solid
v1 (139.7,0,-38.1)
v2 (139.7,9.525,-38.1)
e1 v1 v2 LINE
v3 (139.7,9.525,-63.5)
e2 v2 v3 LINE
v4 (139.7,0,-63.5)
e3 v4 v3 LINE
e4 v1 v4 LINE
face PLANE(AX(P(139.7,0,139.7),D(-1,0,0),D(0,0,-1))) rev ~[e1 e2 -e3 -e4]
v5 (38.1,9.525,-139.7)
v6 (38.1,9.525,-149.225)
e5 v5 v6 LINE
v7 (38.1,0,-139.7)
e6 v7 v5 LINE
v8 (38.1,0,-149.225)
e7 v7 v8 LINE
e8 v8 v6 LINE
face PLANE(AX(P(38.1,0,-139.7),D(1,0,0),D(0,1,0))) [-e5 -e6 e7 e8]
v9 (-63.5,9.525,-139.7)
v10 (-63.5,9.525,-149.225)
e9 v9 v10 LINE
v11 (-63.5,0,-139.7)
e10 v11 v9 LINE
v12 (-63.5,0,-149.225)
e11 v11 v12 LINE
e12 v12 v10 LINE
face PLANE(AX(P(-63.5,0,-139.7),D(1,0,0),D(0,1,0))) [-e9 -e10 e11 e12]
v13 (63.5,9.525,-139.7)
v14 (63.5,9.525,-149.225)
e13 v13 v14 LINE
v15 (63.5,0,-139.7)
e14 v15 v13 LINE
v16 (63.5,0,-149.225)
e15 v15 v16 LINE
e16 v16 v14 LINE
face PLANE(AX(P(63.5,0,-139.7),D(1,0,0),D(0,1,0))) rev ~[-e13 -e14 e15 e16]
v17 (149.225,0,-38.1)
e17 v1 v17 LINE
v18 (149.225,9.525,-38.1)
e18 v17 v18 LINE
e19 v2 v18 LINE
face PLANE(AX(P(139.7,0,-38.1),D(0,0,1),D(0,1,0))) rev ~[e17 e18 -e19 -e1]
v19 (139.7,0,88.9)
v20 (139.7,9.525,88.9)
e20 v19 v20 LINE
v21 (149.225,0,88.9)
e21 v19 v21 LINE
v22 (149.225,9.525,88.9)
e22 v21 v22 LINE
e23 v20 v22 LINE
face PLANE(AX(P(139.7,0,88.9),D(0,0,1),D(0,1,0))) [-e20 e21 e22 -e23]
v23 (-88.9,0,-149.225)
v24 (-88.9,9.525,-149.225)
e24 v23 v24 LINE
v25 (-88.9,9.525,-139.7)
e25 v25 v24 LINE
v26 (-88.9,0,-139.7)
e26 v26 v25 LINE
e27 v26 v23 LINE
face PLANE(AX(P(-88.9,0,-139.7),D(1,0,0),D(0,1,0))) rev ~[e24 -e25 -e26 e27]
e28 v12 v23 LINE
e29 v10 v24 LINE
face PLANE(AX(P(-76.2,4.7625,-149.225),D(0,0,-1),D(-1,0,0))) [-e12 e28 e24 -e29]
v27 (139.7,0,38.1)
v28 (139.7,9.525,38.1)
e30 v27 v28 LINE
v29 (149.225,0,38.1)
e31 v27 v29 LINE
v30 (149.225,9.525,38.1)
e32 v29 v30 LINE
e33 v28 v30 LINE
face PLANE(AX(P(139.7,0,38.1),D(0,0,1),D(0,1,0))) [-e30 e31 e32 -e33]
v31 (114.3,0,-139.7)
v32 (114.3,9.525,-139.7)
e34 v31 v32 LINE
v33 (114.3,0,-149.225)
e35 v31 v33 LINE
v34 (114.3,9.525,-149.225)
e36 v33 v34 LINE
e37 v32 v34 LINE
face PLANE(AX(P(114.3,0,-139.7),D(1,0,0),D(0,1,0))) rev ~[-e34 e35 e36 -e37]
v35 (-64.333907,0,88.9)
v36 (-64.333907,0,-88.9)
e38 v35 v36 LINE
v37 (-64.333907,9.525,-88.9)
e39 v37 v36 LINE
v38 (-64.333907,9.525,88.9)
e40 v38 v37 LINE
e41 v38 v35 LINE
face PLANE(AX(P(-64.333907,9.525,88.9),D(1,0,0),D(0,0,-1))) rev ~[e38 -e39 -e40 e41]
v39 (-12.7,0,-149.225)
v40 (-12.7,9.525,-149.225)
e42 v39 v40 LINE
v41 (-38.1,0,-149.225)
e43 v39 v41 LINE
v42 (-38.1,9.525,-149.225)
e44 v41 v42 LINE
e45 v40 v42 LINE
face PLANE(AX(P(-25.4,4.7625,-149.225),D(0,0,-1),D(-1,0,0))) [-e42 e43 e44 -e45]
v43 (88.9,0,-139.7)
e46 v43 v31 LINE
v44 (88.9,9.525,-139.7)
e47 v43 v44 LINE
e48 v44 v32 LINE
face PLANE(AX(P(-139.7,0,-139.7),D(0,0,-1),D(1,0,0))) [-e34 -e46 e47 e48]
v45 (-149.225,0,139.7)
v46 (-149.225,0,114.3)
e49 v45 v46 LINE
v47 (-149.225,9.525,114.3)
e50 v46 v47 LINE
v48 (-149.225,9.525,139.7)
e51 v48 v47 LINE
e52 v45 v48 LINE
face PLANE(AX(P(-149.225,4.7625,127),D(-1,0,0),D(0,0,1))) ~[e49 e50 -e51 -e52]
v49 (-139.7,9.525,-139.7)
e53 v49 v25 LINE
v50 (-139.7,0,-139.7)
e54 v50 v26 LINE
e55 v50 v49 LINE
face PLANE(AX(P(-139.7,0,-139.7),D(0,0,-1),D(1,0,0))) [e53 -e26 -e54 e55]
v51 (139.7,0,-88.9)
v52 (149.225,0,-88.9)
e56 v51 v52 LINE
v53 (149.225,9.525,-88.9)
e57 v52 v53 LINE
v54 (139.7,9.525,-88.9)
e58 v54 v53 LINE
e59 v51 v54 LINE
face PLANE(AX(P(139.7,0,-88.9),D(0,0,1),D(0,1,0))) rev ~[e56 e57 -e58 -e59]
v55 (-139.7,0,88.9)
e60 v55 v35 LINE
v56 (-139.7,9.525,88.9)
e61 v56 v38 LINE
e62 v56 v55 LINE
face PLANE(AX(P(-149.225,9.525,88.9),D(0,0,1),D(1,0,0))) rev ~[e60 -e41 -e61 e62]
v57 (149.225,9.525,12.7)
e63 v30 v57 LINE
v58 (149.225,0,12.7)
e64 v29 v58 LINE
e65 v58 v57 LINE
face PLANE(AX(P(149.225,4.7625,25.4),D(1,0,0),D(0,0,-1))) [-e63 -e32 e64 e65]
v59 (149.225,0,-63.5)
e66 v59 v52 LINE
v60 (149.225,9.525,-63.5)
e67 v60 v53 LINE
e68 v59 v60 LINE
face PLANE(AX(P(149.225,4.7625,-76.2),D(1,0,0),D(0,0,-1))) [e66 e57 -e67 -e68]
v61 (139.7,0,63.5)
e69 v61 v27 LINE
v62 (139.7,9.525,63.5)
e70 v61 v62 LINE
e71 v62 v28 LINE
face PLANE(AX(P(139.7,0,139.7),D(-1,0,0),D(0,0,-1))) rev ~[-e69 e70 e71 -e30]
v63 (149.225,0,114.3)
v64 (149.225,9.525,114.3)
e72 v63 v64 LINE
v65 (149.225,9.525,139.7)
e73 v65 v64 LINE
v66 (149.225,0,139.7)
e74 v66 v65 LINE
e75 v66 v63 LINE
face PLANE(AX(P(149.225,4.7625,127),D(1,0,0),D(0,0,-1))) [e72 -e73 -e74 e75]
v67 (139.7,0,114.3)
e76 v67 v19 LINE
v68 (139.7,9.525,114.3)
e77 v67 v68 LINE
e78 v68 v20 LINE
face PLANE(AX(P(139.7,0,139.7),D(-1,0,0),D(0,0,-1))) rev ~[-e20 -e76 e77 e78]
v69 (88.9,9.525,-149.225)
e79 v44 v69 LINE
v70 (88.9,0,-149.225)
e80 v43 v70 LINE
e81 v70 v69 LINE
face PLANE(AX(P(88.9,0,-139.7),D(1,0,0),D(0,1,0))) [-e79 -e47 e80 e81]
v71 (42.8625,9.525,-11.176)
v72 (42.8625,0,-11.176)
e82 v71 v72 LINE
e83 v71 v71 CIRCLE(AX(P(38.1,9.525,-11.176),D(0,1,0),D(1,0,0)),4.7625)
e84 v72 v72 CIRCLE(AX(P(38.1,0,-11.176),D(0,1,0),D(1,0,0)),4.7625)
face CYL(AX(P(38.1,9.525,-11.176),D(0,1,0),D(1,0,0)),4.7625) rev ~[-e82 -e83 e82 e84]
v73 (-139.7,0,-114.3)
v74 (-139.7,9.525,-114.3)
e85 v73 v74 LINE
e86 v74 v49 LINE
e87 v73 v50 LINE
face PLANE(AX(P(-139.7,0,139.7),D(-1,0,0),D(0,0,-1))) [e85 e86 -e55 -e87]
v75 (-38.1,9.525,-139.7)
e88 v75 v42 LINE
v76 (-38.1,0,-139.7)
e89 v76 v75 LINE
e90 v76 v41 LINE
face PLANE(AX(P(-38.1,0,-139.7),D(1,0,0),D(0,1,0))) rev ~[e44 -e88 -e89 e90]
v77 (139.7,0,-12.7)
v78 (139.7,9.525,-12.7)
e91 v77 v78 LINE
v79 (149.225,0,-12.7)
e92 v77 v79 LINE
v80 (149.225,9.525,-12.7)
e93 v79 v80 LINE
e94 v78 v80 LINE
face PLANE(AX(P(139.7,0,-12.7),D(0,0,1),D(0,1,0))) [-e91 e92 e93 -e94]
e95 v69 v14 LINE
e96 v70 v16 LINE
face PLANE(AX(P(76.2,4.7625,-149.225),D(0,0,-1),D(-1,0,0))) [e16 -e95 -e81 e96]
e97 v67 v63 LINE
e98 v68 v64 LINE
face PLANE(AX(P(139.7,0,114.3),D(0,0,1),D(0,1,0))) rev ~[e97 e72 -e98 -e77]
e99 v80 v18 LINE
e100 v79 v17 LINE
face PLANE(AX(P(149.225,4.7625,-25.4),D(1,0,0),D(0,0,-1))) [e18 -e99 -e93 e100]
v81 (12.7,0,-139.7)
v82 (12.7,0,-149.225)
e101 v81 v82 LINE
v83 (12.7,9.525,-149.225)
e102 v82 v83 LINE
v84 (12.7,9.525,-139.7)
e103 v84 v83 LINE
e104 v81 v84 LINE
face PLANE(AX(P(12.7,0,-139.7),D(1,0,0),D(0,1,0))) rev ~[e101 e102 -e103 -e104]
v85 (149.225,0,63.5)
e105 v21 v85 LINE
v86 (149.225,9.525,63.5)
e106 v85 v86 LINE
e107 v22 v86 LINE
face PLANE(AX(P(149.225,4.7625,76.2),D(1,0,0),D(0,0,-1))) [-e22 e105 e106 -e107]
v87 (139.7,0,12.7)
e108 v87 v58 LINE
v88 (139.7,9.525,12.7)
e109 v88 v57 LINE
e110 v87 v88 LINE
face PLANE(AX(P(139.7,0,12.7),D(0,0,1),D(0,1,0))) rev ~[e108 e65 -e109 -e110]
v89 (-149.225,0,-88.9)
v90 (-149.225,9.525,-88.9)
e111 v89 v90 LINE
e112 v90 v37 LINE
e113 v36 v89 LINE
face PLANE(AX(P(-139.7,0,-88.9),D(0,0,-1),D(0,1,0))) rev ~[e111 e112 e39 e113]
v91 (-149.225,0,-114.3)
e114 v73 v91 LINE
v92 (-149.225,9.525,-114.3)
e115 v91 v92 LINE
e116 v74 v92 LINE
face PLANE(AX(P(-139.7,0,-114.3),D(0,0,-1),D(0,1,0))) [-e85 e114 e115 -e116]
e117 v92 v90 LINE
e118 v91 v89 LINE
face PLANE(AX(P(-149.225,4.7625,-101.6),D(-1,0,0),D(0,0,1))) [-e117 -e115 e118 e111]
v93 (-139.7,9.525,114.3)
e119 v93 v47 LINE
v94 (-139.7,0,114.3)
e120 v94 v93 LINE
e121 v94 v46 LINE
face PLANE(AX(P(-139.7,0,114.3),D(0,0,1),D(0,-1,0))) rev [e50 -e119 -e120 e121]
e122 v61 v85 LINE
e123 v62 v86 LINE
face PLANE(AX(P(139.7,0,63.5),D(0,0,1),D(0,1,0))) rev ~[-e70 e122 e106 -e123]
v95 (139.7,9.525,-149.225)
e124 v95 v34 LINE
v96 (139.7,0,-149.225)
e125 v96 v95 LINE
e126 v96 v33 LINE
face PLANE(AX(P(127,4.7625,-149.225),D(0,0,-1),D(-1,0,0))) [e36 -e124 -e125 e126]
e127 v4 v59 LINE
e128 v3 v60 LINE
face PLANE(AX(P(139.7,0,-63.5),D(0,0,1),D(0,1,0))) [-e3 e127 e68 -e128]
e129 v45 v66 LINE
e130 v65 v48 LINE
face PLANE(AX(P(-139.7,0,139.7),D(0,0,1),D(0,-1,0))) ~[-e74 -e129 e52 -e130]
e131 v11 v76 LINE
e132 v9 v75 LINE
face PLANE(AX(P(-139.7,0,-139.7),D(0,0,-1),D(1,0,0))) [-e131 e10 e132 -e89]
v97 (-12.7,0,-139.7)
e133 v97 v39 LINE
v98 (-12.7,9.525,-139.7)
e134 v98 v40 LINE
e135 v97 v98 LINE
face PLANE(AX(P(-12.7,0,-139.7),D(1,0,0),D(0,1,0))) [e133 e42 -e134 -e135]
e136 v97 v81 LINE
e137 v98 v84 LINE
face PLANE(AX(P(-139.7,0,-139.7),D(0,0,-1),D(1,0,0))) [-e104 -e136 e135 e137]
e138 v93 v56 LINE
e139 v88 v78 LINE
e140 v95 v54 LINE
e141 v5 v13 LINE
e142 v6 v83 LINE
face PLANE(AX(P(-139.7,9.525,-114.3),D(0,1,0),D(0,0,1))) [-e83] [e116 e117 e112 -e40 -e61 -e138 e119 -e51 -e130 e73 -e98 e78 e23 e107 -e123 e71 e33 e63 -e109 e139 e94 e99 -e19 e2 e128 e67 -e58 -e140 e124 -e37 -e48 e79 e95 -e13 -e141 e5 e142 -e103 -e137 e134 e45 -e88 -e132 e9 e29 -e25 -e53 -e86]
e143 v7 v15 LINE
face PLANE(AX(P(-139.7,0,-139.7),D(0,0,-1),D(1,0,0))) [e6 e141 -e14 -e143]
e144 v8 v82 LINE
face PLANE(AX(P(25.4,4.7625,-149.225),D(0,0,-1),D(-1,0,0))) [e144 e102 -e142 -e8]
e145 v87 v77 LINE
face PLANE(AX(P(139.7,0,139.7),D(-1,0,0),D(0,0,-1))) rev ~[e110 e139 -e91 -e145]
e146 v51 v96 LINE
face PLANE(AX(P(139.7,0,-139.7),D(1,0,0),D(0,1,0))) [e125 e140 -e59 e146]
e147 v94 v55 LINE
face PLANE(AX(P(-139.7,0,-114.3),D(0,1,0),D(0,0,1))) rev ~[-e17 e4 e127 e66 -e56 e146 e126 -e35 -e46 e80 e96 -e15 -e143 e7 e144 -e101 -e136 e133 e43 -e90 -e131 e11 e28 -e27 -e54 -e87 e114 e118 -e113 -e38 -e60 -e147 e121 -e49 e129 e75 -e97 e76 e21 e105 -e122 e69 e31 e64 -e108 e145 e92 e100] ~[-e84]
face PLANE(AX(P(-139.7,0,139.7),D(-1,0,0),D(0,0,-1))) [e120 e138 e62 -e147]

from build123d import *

# Parameters (mm, degrees)
SKETCH1_W               = 279.4
SKETCH1_H               = 279.4
BOSS_EXTRUDE1_DEPTH     = 9.525
SKETCH2_W               = 25.4
SKETCH2_H               = 9.525
BOSS_EXTRUDE2_DEPTH     = 9.525
LPATTERN1_COUNT         = 5
LPATTERN1_PITCH         = 50.8
MIRROR1_COPY_1_SKETCH_W = 25.4
MIRROR1_COPY_1_SKETCH_H = 9.525
MIRROR1_COPY_1_DEPTH    = 9.525
MIRROR1_COPY_2_SKETCH_W = 25.4
MIRROR1_COPY_2_SKETCH_H = 9.525
MIRROR1_COPY_2_DEPTH    = 9.525
MIRROR1_COPY_3_SKETCH_W = 25.4
MIRROR1_COPY_3_SKETCH_H = 9.525
MIRROR1_COPY_3_DEPTH    = 9.525
MIRROR1_COPY_4_SKETCH_W = 25.4
MIRROR1_COPY_4_SKETCH_H = 9.525
MIRROR1_COPY_4_DEPTH    = 9.525
SKETCH3_W               = 25.4
SKETCH3_H               = 9.525
BOSS_EXTRUDE3_DEPTH     = 9.525
LPATTERN2_COUNT         = 5
LPATTERN2_PITCH         = 50.8
SKETCH6_R               = 4.7625
CUT_EXTRUDE1_DEPTH      = 10.525
SKETCH8_W               = 84.891093183
SKETCH8_H               = 177.8
CUT_EXTRUDE3_DEPTH      = 10.525
SKETCH9_W               = 25.4
SKETCH9_H               = 9.525
BOSS_EXTRUDE4_DEPTH     = 9.525


with BuildPart() as part:
    # Sketch1 → Boss-Extrude1 (new body)
    with BuildSketch(Plane(origin=(0, 0, 0), x_dir=(1, 0, 0), z_dir=(0, 1, 0))):
        Rectangle(SKETCH1_W, SKETCH1_H)
    extrude(amount=BOSS_EXTRUDE1_DEPTH)

    # Sketch2 → Boss-Extrude2 (add)
    with BuildSketch(Plane(origin=(139.7, 0, 0), x_dir=(0, 0, -1), z_dir=(1, 0, 0))):
        with Locations((-127, 4.7625)):
            Rectangle(SKETCH2_W, SKETCH2_H)
    boss_extrude2 = extrude(amount=BOSS_EXTRUDE2_DEPTH)

    # LPattern1: Boss-Extrude2 ×5
    with Locations(*[(0, 0, -i * LPATTERN1_PITCH) for i in range(1, LPATTERN1_COUNT)]):
        add(boss_extrude2)

    # Mirror1: Boss-Extrude2 across plane
    add(boss_extrude2.mirror(Plane(origin=(0, 0, 0), x_dir=(0, 0, 1), z_dir=(1, 0, 0))))

    # Mirror1 copy 1 sketch → Mirror1 copy 1 (add)
    with BuildSketch(Plane(origin=(-139.7, 0, -50.8), x_dir=(0, 0, -1), z_dir=(-1, 0, 0))):
        with Locations((-127, -4.7625)):
            Rectangle(MIRROR1_COPY_1_SKETCH_W, MIRROR1_COPY_1_SKETCH_H)
    extrude(amount=MIRROR1_COPY_1_DEPTH)

    # Mirror1 copy 2 sketch → Mirror1 copy 2 (add)
    with BuildSketch(Plane(origin=(-139.7, 0, -101.6), x_dir=(0, 0, -1), z_dir=(-1, 0, 0))):
        with Locations((-127, -4.7625)):
            Rectangle(MIRROR1_COPY_2_SKETCH_W, MIRROR1_COPY_2_SKETCH_H)
    extrude(amount=MIRROR1_COPY_2_DEPTH)

    # Mirror1 copy 3 sketch → Mirror1 copy 3 (add)
    with BuildSketch(Plane(origin=(-139.7, 0, -152.4), x_dir=(0, 0, -1), z_dir=(-1, 0, 0))):
        with Locations((-127, -4.7625)):
            Rectangle(MIRROR1_COPY_3_SKETCH_W, MIRROR1_COPY_3_SKETCH_H)
    extrude(amount=MIRROR1_COPY_3_DEPTH)

    # Mirror1 copy 4 sketch → Mirror1 copy 4 (add)
    with BuildSketch(Plane(origin=(-139.7, 0, -203.2), x_dir=(0, 0, -1), z_dir=(-1, 0, 0))):
        with Locations((-127, -4.7625)):
            Rectangle(MIRROR1_COPY_4_SKETCH_W, MIRROR1_COPY_4_SKETCH_H)
    extrude(amount=MIRROR1_COPY_4_DEPTH)

    # Sketch3 → Boss-Extrude3 (add)
    with BuildSketch(Plane(origin=(0, 0, -139.7), x_dir=(-1, 0, 0), z_dir=(0, 0, -1))):
        with Locations((-127, 4.7625)):
            Rectangle(SKETCH3_W, SKETCH3_H)
    boss_extrude3 = extrude(amount=BOSS_EXTRUDE3_DEPTH)

    # LPattern2: Boss-Extrude3 ×5
    with Locations(*[(-i * LPATTERN2_PITCH, 0, 0) for i in range(1, LPATTERN2_COUNT)]):
        add(boss_extrude3)

    # Sketch6 → Cut-Extrude1 (cut, through all)
    with BuildSketch(Plane(origin=(0, 9.525, 0), x_dir=(1, 0, 0), z_dir=(0, 1, 0))):
        with Locations((38.1, 11.176)):
            Circle(SKETCH6_R)
    extrude(amount=-CUT_EXTRUDE1_DEPTH, mode=Mode.SUBTRACT)

    # Sketch8 → Cut-Extrude3 (cut, through all)
    with BuildSketch(Plane(origin=(0, 9.525, 0), x_dir=(1, 0, 0), z_dir=(0, 1, 0))):
        with Locations((-106.779453409, 0)):
            Rectangle(SKETCH8_W, SKETCH8_H)
    extrude(amount=-CUT_EXTRUDE3_DEPTH, mode=Mode.SUBTRACT)

    # Sketch9 → Boss-Extrude4 (add)
    with BuildSketch(Plane.ZY.offset(139.7)):
        with Locations((-101.6, 4.7625)):
            Rectangle(SKETCH9_W, SKETCH9_H)
    extrude(amount=BOSS_EXTRUDE4_DEPTH)


solid = part.part
